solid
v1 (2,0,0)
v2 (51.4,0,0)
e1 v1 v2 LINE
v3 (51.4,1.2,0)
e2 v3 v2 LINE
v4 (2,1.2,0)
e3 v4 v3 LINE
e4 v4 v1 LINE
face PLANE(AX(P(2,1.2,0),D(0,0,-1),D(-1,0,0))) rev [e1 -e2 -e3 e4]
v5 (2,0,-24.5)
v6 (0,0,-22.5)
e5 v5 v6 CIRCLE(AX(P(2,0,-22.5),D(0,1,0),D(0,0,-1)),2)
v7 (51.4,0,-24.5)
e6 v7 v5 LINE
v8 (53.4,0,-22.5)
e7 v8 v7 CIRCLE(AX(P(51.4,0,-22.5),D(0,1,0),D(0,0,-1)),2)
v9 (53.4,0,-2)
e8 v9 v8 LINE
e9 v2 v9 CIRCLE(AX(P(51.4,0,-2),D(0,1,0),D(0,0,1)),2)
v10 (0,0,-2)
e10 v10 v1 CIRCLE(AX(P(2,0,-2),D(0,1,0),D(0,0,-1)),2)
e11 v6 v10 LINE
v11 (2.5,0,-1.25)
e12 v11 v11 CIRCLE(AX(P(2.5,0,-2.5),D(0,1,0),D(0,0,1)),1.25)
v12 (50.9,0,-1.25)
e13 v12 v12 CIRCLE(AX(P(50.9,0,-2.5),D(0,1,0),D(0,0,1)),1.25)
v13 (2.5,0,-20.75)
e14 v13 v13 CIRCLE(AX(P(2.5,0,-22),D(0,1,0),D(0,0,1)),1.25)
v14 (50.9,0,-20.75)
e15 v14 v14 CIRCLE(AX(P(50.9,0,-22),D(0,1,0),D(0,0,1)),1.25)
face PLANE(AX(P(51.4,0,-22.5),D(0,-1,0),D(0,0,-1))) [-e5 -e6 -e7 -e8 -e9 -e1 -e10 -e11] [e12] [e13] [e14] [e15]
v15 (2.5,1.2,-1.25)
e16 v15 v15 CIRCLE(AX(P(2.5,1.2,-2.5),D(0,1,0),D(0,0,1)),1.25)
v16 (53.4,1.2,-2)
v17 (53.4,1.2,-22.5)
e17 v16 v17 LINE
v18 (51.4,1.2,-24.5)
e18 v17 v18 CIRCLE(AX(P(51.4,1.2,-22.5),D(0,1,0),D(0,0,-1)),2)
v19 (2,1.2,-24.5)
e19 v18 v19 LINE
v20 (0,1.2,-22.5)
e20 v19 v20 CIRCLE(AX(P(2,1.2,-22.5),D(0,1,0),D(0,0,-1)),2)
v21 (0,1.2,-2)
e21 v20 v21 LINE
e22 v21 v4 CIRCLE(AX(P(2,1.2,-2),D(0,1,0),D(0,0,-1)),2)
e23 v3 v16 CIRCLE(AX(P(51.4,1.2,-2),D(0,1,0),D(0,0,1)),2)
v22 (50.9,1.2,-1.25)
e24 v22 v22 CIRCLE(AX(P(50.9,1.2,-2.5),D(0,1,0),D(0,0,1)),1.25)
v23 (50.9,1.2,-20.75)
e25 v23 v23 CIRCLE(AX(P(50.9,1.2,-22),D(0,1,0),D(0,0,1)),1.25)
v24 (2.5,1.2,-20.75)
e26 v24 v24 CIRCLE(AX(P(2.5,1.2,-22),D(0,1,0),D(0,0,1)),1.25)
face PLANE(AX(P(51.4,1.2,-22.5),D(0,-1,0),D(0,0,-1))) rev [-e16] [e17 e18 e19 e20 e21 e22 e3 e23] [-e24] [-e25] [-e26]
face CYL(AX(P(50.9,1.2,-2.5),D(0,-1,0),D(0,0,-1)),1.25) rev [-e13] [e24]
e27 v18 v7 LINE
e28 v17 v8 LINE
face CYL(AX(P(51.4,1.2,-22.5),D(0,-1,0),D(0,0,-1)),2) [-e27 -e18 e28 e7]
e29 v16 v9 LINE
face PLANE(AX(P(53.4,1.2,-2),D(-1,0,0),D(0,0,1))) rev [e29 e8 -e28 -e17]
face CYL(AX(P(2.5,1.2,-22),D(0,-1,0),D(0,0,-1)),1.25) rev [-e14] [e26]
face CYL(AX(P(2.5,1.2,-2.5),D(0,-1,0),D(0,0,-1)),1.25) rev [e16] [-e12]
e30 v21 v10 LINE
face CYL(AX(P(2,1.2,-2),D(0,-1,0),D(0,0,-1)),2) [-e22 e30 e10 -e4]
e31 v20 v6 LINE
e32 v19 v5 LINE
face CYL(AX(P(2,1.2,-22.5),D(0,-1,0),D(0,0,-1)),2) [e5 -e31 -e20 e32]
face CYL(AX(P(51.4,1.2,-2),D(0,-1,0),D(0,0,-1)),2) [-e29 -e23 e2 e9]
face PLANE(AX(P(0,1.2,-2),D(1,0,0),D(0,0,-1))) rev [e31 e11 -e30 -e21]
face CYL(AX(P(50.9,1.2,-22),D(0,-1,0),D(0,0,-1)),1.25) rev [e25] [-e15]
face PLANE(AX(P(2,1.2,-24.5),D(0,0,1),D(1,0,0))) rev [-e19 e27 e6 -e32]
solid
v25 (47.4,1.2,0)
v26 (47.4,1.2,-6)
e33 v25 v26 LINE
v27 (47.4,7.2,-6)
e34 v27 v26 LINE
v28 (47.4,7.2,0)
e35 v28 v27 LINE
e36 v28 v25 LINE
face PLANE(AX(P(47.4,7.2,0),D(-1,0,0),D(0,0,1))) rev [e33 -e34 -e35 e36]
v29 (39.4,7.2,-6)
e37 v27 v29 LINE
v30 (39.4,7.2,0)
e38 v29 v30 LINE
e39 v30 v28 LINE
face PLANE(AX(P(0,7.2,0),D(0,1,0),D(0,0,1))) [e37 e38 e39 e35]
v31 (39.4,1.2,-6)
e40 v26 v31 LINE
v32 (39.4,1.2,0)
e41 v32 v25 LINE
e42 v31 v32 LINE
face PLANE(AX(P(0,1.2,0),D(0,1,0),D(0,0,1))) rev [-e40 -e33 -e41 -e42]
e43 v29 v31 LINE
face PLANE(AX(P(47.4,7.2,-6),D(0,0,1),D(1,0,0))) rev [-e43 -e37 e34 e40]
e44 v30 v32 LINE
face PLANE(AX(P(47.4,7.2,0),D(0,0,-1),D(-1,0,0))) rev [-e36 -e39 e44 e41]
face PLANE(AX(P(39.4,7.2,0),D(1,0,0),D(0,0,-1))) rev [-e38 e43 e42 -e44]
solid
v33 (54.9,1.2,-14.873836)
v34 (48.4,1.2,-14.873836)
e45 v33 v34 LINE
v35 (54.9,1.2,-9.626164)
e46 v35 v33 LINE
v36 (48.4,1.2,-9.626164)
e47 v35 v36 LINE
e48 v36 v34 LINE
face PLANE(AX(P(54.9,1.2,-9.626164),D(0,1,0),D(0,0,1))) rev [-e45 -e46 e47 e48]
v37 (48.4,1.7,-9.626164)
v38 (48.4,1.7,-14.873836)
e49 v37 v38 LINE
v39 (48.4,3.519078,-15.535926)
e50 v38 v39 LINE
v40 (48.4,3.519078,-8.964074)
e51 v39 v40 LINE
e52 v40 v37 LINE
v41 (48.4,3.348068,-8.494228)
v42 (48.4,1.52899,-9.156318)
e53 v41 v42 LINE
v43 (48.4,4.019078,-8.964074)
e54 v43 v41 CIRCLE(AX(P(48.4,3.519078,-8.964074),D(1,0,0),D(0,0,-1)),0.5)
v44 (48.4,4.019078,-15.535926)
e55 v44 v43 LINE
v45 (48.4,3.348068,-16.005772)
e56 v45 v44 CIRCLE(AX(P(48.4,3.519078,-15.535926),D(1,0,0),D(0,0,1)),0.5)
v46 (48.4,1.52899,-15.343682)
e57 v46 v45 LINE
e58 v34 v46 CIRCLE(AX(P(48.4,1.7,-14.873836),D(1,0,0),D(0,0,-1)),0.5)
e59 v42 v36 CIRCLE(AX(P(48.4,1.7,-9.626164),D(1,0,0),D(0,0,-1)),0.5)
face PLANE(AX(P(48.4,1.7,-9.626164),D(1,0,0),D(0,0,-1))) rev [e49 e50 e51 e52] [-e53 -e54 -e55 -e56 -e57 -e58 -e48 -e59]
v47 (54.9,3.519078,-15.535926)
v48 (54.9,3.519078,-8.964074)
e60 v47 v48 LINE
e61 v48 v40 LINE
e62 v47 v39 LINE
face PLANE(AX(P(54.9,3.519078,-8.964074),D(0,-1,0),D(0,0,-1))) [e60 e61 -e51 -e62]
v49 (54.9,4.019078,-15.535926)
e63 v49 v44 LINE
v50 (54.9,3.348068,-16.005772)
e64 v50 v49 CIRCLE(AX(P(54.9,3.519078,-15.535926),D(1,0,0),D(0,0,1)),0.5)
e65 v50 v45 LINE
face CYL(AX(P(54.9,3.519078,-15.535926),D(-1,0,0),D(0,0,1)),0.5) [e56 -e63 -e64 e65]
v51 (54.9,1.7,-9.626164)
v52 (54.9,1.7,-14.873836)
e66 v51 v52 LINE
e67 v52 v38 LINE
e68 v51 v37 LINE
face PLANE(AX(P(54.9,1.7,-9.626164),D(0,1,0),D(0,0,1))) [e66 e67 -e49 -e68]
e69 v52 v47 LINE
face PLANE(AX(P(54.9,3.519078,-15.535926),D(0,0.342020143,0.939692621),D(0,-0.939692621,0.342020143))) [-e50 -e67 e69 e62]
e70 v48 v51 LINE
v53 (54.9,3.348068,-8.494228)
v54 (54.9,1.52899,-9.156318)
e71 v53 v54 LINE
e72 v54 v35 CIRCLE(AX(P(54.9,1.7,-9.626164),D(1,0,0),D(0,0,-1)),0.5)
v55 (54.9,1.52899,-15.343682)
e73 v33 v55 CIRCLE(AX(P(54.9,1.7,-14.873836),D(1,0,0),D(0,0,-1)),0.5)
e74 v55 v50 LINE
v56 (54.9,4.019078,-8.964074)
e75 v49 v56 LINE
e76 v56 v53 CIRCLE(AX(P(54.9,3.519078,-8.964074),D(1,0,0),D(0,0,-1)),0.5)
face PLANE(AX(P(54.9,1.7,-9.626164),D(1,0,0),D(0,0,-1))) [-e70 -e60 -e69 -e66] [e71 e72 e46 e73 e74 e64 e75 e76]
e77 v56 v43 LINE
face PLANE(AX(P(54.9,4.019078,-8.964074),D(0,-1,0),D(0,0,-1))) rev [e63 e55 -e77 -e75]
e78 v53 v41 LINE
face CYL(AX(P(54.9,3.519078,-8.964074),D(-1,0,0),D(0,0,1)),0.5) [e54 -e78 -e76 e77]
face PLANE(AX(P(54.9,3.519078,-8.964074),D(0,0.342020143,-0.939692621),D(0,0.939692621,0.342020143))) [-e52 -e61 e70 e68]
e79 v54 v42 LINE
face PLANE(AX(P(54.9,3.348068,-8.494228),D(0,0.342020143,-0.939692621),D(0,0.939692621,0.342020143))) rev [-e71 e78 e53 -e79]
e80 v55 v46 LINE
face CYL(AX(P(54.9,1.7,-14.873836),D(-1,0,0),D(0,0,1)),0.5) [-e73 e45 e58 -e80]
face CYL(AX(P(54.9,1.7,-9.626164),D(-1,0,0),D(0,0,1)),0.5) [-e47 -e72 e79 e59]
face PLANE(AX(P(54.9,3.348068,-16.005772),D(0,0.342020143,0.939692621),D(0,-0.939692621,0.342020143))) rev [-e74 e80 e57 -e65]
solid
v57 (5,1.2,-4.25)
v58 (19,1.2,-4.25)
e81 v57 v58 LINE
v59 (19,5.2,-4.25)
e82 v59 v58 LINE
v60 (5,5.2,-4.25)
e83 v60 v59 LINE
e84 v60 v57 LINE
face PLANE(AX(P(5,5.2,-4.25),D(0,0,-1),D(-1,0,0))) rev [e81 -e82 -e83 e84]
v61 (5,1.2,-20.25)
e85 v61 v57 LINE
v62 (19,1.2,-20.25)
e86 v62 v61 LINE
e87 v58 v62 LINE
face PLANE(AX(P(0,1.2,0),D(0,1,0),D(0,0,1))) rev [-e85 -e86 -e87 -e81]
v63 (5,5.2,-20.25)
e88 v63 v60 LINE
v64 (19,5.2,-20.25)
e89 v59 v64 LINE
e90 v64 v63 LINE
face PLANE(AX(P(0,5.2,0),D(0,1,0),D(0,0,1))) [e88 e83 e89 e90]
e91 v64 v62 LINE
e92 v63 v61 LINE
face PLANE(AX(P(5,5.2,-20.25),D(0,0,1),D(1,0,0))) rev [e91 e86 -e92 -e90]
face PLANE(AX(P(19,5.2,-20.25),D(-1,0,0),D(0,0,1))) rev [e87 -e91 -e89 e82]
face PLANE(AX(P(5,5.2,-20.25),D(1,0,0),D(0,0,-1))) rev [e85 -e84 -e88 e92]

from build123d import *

# Parameters (mm, degrees)
SKETCH1_R                = 1.25
BOSS_EXTRUDE1_DEPTH      = 1.2
BOSS_EXTRUDE2_DEPTH      = 1.5
BOSS_EXTRUDE2_DEPTH_BACK = 5
SKETCH3_W                = 14
SKETCH3_H                = 16
BOSS_EXTRUDE3_DEPTH      = 4
SKETCH4_W                = 8
SKETCH4_H                = 6
BOSS_EXTRUDE4_DEPTH      = 6


with BuildPart() as part:
    # Sketch1 → Boss-Extrude1 (new body)
    with BuildSketch(Plane(origin=(0, 0, 0), x_dir=(1, 0, 0), z_dir=(0, 1, 0))):
        with BuildLine():
            Line((2, 0), (51.4, 0))
            ThreePointArc((51.4, 0), (52.814213562, 0.585786438), (53.4, 2))
            Line((53.4, 2), (53.4, 22.5))
            ThreePointArc((53.4, 22.5), (52.814213562, 23.914213562), (51.4, 24.5))
            Line((51.4, 24.5), (2, 24.5))
            ThreePointArc((2, 24.5), (0.585786438, 23.914213562), (0, 22.5))
            Line((0, 22.5), (0, 2))
            ThreePointArc((0, 2), (0.585786438, 0.585786438), (2, 0))
        make_face()
        with Locations(Location((2.5, 22, 0), (0, 0, 270))):
            Circle(SKETCH1_R, mode=Mode.SUBTRACT)
        with Locations(Location((50.9, 22, 0), (0, 0, 270))):
            Circle(SKETCH1_R, mode=Mode.SUBTRACT)
        with Locations(Location((50.9, 2.5, 0), (0, 0, 270))):
            Circle(SKETCH1_R, mode=Mode.SUBTRACT)
        with Locations(Location((2.5, 2.5, 0), (0, 0, 270))):
            Circle(SKETCH1_R, mode=Mode.SUBTRACT)
    extrude(amount=BOSS_EXTRUDE1_DEPTH)


with BuildPart() as body_2:
    # Sketch2 → Boss-Extrude2 (new, two sides: drawn at the far end of the back side and taken through both)
    with BuildSketch(Plane(origin=(53.4, 0, 0), x_dir=(0, 0, -1), z_dir=(1, 0, 0)).offset(-BOSS_EXTRUDE2_DEPTH_BACK)):
        with BuildLine():
            Line((8.964074003, 4.019077862), (15.535925997, 4.019077862))
            ThreePointArc((15.535925997, 4.019077862), (15.945502019, 3.805866081), (16.005772307, 3.348067791))
            Line((16.005772307, 3.348067791), (15.343682111, 1.528989928))
            ThreePointArc((15.343682111, 1.528989928), (15.160624019, 1.290423978), (14.873835801, 1.2))
            Line((14.873835801, 1.2), (9.626164199, 1.2))
            ThreePointArc((9.626164199, 1.2), (9.339375981, 1.290423978), (9.156317889, 1.528989928))
            Line((9.156317889, 1.528989928), (8.494227693, 3.348067791))
            ThreePointArc((8.494227693, 3.348067791), (8.554497981, 3.805866081), (8.964074003, 4.019077862))
        make_face()
        Polygon((8.964074003, 3.519077862), (9.626164199, 1.7), (14.873835801, 1.7), (15.535925997, 3.519077862), align=None, mode=Mode.SUBTRACT)
    extrude(amount=BOSS_EXTRUDE2_DEPTH + BOSS_EXTRUDE2_DEPTH_BACK)


with BuildPart() as body_3:
    # Sketch3 → Boss-Extrude3 (new body)
    with BuildSketch(Plane(origin=(0, 1.2, 0), x_dir=(1, 0, 0), z_dir=(0, 1, 0))):
        with Locations((12, 12.25)):
            Rectangle(SKETCH3_W, SKETCH3_H)
    extrude(amount=BOSS_EXTRUDE3_DEPTH)


with BuildPart() as body_4:
    # Sketch4 → Boss-Extrude4 (new body)
    with BuildSketch(Plane(origin=(0, 1.2, 0), x_dir=(1, 0, 0), z_dir=(0, 1, 0))):
        with Locations((43.4, 3)):
            Rectangle(SKETCH4_W, SKETCH4_H)
    extrude(amount=BOSS_EXTRUDE4_DEPTH)


solid = Compound([part.part, body_2.part, body_3.part, body_4.part])
